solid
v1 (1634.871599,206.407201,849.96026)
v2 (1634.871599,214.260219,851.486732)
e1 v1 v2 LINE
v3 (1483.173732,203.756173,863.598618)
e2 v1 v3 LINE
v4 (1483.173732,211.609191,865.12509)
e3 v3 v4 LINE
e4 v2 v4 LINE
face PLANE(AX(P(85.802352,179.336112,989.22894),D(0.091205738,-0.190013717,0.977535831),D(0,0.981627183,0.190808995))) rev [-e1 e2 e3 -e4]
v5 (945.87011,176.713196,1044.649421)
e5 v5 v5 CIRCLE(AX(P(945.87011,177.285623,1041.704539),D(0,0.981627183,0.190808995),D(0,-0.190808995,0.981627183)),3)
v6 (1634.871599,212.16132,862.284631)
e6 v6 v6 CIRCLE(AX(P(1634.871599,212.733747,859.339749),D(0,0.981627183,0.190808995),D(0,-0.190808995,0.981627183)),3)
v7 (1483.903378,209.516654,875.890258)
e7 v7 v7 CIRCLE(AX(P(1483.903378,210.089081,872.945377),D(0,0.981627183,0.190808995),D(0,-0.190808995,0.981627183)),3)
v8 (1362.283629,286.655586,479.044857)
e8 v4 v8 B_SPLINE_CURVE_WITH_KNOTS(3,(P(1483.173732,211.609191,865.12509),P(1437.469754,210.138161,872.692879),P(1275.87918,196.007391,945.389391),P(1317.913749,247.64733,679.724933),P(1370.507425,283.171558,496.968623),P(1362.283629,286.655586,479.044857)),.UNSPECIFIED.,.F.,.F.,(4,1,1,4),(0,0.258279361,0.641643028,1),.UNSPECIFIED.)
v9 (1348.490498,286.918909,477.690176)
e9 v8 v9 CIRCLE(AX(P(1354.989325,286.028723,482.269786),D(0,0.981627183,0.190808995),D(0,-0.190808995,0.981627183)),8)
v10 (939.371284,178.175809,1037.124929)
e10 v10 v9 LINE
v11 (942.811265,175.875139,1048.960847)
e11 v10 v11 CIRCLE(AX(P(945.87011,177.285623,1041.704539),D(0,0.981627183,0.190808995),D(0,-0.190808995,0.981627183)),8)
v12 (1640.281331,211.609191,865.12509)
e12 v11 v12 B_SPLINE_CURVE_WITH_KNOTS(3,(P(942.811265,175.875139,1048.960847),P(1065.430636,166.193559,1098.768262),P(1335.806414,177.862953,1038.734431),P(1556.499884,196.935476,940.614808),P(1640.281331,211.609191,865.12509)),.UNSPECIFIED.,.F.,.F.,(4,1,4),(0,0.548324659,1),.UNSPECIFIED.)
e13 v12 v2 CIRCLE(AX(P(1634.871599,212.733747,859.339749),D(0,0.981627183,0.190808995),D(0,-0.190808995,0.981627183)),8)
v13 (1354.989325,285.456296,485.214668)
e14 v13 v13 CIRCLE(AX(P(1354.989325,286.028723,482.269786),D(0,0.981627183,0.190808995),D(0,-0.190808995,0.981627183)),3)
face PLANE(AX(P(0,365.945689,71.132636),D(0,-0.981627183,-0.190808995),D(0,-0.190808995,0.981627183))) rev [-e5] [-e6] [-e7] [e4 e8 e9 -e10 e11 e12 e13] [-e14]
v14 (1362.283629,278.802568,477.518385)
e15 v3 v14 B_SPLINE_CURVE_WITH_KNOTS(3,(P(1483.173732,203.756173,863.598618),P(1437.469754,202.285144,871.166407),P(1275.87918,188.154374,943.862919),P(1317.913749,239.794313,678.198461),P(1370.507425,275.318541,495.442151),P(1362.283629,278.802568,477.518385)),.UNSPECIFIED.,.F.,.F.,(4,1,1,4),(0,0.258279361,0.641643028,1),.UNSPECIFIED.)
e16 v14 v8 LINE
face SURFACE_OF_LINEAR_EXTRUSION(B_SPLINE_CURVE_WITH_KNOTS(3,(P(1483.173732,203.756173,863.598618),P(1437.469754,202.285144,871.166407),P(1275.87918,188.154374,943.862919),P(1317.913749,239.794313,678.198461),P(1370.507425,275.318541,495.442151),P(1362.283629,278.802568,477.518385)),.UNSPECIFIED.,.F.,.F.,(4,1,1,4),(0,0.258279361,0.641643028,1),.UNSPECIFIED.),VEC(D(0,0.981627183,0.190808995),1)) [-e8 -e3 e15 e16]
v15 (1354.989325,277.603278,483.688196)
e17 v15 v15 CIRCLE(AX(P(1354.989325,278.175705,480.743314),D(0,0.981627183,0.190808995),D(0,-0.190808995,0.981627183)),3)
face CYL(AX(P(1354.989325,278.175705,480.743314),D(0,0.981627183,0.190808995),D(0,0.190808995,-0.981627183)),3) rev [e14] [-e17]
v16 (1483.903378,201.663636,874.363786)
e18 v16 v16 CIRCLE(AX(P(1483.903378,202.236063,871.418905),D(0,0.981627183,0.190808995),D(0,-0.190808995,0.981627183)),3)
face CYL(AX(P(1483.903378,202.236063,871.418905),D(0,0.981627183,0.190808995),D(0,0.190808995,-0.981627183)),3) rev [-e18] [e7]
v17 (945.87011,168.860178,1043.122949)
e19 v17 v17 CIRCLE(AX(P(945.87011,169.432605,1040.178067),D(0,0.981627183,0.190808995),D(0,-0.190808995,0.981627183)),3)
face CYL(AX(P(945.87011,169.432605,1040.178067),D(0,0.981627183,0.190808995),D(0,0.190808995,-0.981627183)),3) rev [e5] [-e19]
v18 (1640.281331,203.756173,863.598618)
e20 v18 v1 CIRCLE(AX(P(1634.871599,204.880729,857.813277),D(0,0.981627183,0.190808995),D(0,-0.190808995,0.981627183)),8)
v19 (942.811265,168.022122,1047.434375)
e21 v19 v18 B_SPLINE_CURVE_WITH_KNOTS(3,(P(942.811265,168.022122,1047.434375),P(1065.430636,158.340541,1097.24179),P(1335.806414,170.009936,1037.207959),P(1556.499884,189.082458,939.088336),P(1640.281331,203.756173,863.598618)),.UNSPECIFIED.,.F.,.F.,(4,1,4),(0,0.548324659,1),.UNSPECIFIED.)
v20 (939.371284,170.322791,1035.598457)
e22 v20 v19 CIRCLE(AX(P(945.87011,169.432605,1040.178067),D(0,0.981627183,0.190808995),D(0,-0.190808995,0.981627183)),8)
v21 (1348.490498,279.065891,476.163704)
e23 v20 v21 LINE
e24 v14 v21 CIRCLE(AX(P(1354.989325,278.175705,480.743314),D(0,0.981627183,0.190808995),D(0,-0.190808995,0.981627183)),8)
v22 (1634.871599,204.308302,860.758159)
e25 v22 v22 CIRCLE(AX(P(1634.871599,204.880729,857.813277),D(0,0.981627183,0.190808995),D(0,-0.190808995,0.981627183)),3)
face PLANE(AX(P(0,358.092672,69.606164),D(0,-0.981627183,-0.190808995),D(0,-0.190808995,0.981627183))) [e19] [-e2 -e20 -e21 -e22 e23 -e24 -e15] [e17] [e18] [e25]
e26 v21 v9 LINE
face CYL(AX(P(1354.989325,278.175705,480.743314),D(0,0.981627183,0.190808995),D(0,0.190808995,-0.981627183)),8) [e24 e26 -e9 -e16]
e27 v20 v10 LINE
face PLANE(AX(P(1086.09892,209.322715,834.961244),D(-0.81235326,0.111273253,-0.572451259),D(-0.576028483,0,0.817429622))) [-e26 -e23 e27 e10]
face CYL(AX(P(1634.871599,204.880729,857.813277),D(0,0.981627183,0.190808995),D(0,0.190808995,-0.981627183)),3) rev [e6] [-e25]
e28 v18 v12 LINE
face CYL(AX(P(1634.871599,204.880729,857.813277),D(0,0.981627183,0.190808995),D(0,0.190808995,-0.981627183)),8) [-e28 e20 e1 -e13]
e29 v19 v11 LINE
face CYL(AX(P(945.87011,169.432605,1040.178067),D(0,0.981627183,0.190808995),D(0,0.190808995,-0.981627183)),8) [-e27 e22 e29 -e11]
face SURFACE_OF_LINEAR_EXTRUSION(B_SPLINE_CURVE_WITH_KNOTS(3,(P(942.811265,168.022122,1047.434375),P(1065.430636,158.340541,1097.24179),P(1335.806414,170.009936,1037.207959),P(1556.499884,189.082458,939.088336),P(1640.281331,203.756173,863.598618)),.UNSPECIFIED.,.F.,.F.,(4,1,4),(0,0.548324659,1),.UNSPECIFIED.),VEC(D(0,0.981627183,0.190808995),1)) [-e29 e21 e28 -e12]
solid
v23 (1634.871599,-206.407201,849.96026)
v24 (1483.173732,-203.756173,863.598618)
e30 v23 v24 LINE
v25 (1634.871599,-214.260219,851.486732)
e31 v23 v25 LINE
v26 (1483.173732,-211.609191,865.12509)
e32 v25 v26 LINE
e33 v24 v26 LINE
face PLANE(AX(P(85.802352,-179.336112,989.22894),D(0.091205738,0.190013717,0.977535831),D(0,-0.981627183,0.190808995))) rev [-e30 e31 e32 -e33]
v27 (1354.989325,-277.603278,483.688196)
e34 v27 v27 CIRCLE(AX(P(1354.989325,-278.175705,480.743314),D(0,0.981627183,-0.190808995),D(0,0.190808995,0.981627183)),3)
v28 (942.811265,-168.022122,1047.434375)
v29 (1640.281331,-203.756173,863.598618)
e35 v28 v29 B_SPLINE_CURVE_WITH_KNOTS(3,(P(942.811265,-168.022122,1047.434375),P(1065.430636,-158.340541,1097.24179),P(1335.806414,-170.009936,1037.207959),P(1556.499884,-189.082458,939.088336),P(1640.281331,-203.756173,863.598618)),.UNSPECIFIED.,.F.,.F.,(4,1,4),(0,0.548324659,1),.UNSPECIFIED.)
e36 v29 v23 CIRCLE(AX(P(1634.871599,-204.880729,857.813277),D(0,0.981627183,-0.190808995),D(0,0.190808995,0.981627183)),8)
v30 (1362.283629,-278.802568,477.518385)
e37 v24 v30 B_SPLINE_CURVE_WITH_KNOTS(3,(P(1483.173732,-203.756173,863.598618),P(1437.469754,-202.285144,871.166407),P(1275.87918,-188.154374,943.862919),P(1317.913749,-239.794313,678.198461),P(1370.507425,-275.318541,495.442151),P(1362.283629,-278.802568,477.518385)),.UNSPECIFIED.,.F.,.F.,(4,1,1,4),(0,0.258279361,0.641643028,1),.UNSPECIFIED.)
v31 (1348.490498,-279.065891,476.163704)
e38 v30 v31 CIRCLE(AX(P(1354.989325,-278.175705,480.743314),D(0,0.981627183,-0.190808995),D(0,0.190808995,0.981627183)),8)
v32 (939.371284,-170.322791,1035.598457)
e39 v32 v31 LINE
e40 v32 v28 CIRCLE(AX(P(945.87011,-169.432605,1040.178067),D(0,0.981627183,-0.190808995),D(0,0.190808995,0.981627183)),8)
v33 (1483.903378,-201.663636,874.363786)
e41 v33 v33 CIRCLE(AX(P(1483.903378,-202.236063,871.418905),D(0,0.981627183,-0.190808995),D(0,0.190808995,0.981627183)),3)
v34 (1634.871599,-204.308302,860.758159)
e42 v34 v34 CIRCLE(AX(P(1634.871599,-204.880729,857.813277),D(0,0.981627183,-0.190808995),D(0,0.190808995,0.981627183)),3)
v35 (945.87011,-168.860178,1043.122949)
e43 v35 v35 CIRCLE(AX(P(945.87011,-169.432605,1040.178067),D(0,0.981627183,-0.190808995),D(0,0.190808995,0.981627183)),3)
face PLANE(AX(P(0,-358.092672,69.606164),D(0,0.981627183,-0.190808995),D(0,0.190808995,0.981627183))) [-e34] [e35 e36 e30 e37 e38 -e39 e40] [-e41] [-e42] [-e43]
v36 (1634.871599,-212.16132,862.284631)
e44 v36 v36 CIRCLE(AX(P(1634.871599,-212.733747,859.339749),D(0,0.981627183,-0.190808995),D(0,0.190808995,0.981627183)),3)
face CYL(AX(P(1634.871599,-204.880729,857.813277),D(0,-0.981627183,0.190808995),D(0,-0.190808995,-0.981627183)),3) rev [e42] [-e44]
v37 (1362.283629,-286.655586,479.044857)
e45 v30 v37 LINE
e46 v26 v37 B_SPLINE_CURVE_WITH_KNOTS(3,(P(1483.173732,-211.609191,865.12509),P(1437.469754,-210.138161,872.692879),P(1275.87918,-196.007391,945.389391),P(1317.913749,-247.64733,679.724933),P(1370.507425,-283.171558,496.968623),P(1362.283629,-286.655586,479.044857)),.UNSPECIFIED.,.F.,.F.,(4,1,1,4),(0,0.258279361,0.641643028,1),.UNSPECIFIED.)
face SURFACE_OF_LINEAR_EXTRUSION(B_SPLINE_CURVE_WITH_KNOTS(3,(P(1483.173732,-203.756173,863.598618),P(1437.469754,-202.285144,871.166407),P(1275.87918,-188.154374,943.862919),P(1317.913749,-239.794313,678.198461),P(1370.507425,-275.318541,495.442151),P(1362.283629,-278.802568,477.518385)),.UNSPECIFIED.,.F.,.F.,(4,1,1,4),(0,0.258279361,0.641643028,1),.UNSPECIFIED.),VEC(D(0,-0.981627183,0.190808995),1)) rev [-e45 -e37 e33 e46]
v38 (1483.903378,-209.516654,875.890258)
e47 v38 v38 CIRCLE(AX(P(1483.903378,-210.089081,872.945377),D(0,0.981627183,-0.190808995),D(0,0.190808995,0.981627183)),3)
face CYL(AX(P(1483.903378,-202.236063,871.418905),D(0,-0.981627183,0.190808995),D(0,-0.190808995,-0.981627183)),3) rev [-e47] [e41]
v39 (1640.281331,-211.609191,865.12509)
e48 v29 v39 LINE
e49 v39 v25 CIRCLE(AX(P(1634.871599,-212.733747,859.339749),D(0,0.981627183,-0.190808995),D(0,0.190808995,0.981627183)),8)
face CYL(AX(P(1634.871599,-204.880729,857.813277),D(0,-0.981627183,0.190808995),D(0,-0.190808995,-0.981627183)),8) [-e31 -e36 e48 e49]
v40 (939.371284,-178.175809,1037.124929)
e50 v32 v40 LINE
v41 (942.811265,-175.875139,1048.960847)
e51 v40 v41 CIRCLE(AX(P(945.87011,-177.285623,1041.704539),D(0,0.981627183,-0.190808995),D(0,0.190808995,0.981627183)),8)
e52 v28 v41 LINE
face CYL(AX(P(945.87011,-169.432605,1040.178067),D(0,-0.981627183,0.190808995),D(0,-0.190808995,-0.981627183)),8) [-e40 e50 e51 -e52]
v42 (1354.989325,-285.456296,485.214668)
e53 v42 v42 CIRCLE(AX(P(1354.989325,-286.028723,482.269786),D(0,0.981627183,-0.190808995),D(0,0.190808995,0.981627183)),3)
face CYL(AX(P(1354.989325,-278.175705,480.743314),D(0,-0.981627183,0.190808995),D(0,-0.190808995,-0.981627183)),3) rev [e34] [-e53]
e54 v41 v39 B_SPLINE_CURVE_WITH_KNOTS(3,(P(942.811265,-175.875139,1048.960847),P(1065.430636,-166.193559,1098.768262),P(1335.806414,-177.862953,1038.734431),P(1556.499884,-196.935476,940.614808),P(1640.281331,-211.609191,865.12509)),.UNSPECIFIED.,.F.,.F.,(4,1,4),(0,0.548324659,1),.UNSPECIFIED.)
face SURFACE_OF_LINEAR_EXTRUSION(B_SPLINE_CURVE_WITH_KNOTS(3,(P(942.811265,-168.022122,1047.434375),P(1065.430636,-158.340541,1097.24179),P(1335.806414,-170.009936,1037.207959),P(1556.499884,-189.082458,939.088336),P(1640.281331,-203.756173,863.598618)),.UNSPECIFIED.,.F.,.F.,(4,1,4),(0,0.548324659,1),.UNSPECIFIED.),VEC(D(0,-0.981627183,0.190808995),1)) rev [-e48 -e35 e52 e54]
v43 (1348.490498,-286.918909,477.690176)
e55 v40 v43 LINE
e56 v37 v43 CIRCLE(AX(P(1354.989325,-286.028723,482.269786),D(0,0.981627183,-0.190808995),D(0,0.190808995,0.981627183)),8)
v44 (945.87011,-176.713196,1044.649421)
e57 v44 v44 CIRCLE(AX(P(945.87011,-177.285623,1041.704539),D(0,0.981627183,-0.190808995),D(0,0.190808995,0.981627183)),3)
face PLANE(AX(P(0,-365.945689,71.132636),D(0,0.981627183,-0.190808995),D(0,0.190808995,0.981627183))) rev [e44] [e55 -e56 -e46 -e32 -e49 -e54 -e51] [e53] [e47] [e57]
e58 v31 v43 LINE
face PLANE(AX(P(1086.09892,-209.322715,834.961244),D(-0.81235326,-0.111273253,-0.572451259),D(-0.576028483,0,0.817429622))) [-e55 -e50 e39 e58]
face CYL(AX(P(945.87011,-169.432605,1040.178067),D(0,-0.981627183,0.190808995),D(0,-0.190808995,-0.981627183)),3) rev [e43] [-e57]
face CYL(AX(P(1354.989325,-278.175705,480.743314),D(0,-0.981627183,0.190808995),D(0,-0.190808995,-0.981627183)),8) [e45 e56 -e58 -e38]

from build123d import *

# Parameters (mm, degrees)
SZKIC1_R                    = 3
SZKIC1_R_2                  = 2.999999996
DODANIE_WYCI_GNI_CIE1_DEPTH = 8


with BuildPart() as part:
    # Szkic1 → Dodanie-wyciągnięcie1 (new body)
    with BuildSketch(Plane(origin=(0, -365.945689178, 71.13263619), x_dir=(1, 0, 0), z_dir=(0, 0.981627183, -0.190808995))):
        with BuildLine():
            ThreePointArc((1640.281331001, -808.853368538), (1642.326429132, -800.05707281), (1634.871598877, -794.959745005))
            Line((1634.871598877, -794.959745005), (1633.418389297, -795.092840791))
            Line((1633.418389297, -795.092840791), (1483.1737317, -808.853368538))
            add(Edge.make_bspline(
                [(1483.1737317, -808.853368538), (1437.469754318, -816.5628016), (1275.879179559, -890.619951369), (1317.913749169, -619.983132718), (1370.507425365, -433.806229295), (1362.283628975, -415.546989785)],
                knots=[0, 0, 0, 0, 0.258279361, 0.641643028, 1, 1, 1, 1], degree=3))
            ThreePointArc((1362.283628975, -415.546989785), (1355.785767616, -410.872022391), (1348.49049843, -414.166953328))
            Line((1348.49049843, -414.166953328), (939.37128434, -984.072476035))
            ThreePointArc((939.37128434, -984.072476035), (938.177076077, -990.932618484), (942.811265429, -996.129923251))
            add(Edge.make_bspline(
                [(942.811265429, -996.129923251), (1065.430635851, -1046.869568532), (1335.806413784, -985.712102893), (1556.499884294, -885.756004267), (1640.281331001, -808.853368538)],
                knots=[0, 0, 0, 0, 0.548324659, 1, 1, 1, 1], degree=3))
        make_face()
        with Locations((945.87011042, -988.737801274)):
            Circle(SZKIC1_R, mode=Mode.SUBTRACT)
        with Locations((1483.903377602, -816.820025105)):
            Circle(SZKIC1_R, mode=Mode.SUBTRACT)
        with Locations((1634.871598877, -802.959745005)):
            Circle(SZKIC1_R_2, mode=Mode.SUBTRACT)
        with Locations((1354.98932451, -418.832278566)):
            Circle(SZKIC1_R, mode=Mode.SUBTRACT)
    extrude(amount=DODANIE_WYCI_GNI_CIE1_DEPTH)


with BuildPart() as body_2:
    # Lustro2: mirrored copy
    add(part.part.mirror(Plane.ZX))


solid = Compound([part.part, body_2.part])
